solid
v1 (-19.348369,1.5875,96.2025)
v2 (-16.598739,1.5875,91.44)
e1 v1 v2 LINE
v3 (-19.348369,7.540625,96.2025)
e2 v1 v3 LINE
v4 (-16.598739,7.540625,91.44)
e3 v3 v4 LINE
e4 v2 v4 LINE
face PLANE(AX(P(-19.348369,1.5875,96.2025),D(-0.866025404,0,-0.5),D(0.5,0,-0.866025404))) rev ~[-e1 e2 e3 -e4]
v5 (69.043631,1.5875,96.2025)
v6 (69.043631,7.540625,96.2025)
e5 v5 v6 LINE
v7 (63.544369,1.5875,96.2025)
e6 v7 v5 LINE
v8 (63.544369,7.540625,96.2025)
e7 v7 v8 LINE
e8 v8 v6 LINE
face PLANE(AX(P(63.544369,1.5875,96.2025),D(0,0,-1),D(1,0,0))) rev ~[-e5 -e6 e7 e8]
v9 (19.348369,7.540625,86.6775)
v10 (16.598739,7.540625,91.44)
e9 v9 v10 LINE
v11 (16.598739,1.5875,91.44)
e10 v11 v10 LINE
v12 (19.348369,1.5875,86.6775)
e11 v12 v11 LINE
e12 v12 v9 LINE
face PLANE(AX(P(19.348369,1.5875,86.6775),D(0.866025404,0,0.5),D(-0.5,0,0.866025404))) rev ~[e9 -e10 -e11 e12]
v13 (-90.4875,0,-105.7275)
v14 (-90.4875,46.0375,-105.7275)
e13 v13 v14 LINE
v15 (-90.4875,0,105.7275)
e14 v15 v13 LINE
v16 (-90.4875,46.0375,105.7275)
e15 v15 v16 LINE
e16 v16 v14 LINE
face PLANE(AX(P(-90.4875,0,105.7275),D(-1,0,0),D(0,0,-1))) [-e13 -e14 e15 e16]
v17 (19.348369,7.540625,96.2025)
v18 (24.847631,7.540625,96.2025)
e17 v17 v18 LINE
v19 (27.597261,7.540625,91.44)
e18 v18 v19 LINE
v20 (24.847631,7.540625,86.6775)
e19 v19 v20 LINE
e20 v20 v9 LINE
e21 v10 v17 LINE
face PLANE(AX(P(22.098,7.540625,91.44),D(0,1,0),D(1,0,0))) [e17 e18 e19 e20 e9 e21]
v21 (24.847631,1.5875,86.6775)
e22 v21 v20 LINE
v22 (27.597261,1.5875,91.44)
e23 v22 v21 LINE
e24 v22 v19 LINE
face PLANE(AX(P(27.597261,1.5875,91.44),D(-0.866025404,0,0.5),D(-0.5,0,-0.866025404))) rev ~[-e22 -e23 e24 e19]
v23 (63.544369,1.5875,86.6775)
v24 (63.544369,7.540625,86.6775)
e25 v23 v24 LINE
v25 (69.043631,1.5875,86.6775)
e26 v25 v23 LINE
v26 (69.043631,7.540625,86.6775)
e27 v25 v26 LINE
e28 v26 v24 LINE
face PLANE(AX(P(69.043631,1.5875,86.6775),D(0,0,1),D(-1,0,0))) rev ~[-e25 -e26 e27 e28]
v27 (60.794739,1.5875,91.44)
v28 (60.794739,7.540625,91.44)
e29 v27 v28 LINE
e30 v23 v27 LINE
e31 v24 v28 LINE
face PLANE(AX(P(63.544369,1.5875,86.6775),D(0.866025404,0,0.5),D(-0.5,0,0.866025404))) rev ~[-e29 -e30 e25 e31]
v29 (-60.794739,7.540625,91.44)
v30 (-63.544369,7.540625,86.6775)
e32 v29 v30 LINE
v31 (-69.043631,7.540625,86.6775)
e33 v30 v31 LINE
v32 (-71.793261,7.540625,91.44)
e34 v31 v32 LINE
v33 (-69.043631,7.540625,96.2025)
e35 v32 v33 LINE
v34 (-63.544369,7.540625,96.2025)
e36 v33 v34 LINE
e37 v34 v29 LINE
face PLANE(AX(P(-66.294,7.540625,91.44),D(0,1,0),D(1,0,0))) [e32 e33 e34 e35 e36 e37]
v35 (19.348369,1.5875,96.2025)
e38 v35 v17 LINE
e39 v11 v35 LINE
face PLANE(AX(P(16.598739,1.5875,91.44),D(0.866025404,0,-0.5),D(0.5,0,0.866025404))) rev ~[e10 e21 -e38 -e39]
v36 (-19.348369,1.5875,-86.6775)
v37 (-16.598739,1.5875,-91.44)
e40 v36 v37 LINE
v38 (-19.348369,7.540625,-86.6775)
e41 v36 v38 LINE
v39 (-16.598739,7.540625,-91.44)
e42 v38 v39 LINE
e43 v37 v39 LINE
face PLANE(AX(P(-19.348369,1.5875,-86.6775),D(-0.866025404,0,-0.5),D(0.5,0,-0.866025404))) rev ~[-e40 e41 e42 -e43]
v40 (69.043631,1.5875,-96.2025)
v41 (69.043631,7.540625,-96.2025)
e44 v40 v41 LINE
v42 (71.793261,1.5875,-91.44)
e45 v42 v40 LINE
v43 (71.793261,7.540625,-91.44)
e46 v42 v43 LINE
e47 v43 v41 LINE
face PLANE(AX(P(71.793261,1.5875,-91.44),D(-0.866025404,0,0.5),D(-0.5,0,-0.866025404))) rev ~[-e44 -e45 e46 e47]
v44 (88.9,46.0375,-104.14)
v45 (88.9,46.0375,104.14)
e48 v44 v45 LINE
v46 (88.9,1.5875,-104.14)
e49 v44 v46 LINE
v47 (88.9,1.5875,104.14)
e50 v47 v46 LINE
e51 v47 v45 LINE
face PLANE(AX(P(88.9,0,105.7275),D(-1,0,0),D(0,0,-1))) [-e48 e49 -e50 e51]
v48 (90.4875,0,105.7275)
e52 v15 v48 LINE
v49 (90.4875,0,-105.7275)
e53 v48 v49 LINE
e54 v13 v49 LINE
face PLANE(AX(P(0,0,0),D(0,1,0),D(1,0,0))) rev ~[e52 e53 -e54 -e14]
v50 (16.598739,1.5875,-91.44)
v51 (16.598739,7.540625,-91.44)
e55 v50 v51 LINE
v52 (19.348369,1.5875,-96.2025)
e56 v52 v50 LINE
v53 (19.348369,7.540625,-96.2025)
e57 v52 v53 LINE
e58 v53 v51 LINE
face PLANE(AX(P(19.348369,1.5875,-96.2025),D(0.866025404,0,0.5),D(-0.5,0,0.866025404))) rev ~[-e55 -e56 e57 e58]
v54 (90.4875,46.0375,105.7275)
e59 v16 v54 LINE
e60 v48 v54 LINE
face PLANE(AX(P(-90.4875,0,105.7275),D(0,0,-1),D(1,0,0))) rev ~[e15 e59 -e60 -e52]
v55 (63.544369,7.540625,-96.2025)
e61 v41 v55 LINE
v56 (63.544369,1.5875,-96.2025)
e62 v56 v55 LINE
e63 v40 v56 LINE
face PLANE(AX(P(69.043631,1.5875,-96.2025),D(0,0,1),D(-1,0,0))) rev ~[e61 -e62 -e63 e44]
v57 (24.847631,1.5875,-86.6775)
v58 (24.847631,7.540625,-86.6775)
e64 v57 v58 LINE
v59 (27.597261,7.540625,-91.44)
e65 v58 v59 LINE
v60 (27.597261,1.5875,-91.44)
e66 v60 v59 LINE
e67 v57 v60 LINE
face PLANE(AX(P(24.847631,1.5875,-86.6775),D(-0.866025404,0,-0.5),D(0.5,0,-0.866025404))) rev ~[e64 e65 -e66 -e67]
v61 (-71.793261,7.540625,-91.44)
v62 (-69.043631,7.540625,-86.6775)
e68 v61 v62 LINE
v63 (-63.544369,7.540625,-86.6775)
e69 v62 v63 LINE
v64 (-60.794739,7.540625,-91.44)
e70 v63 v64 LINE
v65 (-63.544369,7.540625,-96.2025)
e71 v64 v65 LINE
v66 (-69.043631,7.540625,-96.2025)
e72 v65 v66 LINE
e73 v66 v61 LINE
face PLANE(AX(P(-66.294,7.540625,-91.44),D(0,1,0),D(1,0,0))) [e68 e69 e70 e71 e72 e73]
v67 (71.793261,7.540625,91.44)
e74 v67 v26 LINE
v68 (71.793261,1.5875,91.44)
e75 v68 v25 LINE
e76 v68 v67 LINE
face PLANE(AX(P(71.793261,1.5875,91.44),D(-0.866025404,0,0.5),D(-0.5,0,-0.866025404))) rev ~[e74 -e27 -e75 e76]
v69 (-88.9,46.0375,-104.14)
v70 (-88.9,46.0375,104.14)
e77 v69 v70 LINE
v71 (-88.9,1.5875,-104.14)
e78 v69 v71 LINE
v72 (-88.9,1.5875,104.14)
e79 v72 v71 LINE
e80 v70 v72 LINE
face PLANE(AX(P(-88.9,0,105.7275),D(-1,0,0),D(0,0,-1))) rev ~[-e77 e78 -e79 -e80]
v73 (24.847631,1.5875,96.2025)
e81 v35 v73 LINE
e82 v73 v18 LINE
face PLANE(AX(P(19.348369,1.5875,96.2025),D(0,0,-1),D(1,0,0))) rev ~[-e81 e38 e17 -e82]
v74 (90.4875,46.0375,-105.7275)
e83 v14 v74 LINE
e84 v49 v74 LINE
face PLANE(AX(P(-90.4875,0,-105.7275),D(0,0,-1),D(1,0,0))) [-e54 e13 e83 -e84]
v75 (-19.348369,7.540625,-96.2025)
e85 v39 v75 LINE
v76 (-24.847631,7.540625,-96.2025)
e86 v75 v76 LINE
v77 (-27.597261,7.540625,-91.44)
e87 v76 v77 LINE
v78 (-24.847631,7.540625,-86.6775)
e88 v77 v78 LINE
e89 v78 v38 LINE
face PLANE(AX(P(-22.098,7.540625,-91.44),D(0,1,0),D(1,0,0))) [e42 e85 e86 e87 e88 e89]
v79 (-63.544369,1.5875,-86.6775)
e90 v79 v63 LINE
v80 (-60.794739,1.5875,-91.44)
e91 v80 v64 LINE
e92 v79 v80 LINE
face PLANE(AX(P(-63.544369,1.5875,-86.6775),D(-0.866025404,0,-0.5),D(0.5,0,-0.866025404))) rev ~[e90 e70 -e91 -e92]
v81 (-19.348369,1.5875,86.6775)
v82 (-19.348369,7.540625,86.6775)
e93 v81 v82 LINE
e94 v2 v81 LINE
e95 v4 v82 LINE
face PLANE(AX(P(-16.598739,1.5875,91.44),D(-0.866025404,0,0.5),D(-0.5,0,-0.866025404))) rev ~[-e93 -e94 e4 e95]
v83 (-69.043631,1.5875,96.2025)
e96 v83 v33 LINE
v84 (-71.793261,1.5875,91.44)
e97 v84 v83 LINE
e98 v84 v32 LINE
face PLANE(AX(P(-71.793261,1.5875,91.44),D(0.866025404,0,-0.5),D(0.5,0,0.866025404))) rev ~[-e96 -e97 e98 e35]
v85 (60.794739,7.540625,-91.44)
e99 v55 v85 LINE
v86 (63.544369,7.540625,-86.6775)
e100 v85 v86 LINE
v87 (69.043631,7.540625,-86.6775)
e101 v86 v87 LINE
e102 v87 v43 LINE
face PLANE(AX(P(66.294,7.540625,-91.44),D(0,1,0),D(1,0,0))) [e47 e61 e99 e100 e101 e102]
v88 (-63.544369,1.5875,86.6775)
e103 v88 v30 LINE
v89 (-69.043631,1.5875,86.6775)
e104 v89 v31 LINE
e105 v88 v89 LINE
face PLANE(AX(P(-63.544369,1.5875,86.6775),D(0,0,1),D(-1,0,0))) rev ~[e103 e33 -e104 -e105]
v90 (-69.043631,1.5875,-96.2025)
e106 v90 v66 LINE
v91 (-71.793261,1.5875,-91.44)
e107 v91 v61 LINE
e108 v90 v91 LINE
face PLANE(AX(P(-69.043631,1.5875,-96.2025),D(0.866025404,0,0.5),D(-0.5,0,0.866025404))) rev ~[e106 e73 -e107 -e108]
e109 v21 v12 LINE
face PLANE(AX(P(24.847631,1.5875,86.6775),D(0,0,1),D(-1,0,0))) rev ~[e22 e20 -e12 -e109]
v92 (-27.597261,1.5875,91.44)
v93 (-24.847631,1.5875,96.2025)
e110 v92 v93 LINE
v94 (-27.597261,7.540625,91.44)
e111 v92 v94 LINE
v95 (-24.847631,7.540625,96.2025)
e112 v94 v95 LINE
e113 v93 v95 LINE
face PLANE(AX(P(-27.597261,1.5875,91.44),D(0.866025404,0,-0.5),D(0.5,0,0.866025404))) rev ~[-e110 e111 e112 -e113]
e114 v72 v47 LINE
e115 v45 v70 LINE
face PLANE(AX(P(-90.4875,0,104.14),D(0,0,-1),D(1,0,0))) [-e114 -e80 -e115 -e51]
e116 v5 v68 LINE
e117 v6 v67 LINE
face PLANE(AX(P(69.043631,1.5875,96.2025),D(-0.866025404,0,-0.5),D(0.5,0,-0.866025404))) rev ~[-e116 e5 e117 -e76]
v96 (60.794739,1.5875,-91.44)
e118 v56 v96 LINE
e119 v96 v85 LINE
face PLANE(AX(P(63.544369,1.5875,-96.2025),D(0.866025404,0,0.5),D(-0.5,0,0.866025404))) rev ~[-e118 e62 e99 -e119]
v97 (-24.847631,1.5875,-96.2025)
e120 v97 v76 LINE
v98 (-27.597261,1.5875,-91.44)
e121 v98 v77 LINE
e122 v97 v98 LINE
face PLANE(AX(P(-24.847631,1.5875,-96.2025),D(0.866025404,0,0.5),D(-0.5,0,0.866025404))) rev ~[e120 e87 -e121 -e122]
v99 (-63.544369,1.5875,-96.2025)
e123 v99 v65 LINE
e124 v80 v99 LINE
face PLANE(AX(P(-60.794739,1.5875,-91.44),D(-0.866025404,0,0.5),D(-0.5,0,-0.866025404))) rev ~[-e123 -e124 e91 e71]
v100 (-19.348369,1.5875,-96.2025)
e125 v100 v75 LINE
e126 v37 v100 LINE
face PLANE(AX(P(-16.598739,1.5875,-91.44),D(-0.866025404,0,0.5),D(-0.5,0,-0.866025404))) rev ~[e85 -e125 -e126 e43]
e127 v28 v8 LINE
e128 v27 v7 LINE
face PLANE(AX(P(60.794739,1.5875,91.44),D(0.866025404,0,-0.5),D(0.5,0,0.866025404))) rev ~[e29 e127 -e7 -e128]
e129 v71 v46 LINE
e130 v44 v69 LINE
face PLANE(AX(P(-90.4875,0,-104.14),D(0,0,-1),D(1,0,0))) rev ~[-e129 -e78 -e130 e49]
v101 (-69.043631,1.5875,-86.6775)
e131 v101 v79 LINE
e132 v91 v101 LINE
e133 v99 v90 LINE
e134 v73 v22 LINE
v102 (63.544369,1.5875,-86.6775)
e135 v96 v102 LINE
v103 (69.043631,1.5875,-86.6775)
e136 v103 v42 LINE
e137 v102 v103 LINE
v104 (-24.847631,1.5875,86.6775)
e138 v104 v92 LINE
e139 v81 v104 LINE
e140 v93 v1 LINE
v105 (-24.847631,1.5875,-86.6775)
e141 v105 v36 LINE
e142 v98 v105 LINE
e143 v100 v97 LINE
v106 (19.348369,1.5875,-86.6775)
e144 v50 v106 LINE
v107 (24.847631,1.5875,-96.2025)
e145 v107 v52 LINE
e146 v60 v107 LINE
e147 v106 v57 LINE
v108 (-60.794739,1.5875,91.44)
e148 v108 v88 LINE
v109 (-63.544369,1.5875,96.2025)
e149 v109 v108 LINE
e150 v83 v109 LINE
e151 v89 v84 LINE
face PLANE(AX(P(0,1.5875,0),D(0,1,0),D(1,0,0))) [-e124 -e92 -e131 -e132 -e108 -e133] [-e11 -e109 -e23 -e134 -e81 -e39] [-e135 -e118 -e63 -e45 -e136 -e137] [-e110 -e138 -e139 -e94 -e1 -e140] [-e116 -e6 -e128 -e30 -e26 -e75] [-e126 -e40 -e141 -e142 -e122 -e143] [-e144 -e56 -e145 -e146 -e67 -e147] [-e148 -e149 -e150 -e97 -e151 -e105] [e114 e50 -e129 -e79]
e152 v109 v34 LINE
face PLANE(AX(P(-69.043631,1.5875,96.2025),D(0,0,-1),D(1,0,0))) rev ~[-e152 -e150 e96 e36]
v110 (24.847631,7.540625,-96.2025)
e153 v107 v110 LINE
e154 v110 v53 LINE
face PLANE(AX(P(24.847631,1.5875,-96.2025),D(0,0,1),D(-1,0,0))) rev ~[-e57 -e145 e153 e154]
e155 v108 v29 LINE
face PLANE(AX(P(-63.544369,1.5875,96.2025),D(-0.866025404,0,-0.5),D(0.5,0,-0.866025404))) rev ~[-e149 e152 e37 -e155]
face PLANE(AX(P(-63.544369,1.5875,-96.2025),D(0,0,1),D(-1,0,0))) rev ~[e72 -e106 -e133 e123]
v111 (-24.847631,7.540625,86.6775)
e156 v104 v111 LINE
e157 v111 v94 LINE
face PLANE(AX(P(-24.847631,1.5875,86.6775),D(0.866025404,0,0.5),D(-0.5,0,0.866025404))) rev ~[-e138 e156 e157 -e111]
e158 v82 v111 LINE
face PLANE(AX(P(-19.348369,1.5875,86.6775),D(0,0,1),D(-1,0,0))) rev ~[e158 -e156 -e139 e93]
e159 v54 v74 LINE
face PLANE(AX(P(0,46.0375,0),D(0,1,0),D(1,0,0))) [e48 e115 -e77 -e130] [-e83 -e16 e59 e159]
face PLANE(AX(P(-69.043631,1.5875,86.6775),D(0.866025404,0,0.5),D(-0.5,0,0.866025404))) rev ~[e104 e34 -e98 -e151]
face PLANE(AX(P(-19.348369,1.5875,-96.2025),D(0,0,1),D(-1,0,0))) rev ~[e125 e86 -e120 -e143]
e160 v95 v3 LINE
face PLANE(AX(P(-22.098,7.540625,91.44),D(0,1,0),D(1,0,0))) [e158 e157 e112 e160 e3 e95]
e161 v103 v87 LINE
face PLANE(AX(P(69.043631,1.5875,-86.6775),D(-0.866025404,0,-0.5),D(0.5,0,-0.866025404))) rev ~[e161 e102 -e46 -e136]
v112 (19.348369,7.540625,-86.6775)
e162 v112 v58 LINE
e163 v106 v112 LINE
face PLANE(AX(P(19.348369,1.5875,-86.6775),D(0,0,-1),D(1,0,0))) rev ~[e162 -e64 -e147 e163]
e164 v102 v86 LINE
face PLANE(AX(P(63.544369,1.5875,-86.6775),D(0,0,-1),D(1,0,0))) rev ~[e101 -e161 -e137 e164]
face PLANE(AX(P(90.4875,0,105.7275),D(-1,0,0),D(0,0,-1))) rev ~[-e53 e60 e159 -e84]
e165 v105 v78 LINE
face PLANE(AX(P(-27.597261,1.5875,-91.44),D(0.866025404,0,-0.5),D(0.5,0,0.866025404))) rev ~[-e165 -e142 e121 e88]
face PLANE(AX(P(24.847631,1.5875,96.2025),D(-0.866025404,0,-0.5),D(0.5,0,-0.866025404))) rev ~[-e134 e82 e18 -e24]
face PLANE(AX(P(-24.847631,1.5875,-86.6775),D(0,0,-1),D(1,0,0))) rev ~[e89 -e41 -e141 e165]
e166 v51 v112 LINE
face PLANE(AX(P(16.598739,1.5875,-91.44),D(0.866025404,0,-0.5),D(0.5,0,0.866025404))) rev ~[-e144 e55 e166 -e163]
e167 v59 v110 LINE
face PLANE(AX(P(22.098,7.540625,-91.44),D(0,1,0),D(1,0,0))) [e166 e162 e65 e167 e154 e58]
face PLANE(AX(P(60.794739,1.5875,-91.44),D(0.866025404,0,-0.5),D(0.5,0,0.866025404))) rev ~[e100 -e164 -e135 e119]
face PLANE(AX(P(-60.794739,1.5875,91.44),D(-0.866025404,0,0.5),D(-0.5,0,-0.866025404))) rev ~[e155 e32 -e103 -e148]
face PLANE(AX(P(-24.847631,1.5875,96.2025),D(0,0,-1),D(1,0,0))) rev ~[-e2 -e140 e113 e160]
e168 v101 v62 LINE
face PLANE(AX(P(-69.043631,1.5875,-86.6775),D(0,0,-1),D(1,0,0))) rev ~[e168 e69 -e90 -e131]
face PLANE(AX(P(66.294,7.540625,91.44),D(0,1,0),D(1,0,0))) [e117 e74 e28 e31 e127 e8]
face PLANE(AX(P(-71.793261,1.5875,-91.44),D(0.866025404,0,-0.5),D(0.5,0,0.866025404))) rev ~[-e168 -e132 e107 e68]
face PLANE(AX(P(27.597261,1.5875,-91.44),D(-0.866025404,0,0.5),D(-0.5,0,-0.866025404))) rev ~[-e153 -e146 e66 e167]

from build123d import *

# Parameters (mm, degrees)
SKETCH1_W           = 180.975
SKETCH1_H           = 211.455
BOSS_EXTRUDE1_DEPTH = 46.0375
SHELL1_T            = -1.5875
BOSS_EXTRUDE2_DEPTH = 5.953125


with BuildPart() as part:
    # Sketch1 → Boss-Extrude1 (new body)
    with BuildSketch(Plane(origin=(0, 0, 0), x_dir=(1, 0, 0), z_dir=(0, 1, 0))):
        Rectangle(SKETCH1_W, SKETCH1_H)
    extrude(amount=BOSS_EXTRUDE1_DEPTH)

    # Shell1
    shell1_openings = [part.faces().sort_by_distance(p)[0] for p in [
        (0, 46.0375, 0),
    ]]
    offset(amount=SHELL1_T, openings=shell1_openings, kind=Kind.INTERSECTION)

    # Sketch3 → Boss-Extrude2 (add)
    with BuildSketch(Plane(origin=(0, 1.5875, 0), x_dir=(1, 0, 0), z_dir=(0, 1, 0))):
        Polygon((-27.597261314, -91.44), (-24.847630657, -96.2025), (-19.348369343, -96.2025), (-16.598738686, -91.44), (-19.348369343, -86.6775), (-24.847630657, -86.6775), align=None)
        Polygon((-71.793261314, -91.44), (-69.043630657, -96.2025), (-63.544369343, -96.2025), (-60.794738686, -91.44), (-63.544369343, -86.6775), (-69.043630657, -86.6775), align=None)
        Polygon((16.598738686, -91.44), (19.348369343, -96.2025), (24.847630657, -96.2025), (27.597261314, -91.44), (24.847630657, -86.6775), (19.348369343, -86.6775), align=None)
        Polygon((60.794738686, -91.44), (63.544369343, -96.2025), (69.043630657, -96.2025), (71.793261314, -91.44), (69.043630657, -86.6775), (63.544369343, -86.6775), align=None)
        Polygon((-27.597261314, 91.44), (-24.847630657, 86.6775), (-19.348369343, 86.6775), (-16.598738686, 91.44), (-19.348369343, 96.2025), (-24.847630657, 96.2025), align=None)
        Polygon((16.598738686, 91.44), (19.348369343, 86.6775), (24.847630657, 86.6775), (27.597261314, 91.44), (24.847630657, 96.2025), (19.348369343, 96.2025), align=None)
        Polygon((60.794738686, 91.44), (63.544369343, 86.6775), (69.043630657, 86.6775), (71.793261314, 91.44), (69.043630657, 96.2025), (63.544369343, 96.2025), align=None)
        Polygon((-71.793261314, 91.44), (-69.043630657, 86.6775), (-63.544369343, 86.6775), (-60.794738686, 91.44), (-63.544369343, 96.2025), (-69.043630657, 96.2025), align=None)
    extrude(amount=BOSS_EXTRUDE2_DEPTH)


solid = part.part
